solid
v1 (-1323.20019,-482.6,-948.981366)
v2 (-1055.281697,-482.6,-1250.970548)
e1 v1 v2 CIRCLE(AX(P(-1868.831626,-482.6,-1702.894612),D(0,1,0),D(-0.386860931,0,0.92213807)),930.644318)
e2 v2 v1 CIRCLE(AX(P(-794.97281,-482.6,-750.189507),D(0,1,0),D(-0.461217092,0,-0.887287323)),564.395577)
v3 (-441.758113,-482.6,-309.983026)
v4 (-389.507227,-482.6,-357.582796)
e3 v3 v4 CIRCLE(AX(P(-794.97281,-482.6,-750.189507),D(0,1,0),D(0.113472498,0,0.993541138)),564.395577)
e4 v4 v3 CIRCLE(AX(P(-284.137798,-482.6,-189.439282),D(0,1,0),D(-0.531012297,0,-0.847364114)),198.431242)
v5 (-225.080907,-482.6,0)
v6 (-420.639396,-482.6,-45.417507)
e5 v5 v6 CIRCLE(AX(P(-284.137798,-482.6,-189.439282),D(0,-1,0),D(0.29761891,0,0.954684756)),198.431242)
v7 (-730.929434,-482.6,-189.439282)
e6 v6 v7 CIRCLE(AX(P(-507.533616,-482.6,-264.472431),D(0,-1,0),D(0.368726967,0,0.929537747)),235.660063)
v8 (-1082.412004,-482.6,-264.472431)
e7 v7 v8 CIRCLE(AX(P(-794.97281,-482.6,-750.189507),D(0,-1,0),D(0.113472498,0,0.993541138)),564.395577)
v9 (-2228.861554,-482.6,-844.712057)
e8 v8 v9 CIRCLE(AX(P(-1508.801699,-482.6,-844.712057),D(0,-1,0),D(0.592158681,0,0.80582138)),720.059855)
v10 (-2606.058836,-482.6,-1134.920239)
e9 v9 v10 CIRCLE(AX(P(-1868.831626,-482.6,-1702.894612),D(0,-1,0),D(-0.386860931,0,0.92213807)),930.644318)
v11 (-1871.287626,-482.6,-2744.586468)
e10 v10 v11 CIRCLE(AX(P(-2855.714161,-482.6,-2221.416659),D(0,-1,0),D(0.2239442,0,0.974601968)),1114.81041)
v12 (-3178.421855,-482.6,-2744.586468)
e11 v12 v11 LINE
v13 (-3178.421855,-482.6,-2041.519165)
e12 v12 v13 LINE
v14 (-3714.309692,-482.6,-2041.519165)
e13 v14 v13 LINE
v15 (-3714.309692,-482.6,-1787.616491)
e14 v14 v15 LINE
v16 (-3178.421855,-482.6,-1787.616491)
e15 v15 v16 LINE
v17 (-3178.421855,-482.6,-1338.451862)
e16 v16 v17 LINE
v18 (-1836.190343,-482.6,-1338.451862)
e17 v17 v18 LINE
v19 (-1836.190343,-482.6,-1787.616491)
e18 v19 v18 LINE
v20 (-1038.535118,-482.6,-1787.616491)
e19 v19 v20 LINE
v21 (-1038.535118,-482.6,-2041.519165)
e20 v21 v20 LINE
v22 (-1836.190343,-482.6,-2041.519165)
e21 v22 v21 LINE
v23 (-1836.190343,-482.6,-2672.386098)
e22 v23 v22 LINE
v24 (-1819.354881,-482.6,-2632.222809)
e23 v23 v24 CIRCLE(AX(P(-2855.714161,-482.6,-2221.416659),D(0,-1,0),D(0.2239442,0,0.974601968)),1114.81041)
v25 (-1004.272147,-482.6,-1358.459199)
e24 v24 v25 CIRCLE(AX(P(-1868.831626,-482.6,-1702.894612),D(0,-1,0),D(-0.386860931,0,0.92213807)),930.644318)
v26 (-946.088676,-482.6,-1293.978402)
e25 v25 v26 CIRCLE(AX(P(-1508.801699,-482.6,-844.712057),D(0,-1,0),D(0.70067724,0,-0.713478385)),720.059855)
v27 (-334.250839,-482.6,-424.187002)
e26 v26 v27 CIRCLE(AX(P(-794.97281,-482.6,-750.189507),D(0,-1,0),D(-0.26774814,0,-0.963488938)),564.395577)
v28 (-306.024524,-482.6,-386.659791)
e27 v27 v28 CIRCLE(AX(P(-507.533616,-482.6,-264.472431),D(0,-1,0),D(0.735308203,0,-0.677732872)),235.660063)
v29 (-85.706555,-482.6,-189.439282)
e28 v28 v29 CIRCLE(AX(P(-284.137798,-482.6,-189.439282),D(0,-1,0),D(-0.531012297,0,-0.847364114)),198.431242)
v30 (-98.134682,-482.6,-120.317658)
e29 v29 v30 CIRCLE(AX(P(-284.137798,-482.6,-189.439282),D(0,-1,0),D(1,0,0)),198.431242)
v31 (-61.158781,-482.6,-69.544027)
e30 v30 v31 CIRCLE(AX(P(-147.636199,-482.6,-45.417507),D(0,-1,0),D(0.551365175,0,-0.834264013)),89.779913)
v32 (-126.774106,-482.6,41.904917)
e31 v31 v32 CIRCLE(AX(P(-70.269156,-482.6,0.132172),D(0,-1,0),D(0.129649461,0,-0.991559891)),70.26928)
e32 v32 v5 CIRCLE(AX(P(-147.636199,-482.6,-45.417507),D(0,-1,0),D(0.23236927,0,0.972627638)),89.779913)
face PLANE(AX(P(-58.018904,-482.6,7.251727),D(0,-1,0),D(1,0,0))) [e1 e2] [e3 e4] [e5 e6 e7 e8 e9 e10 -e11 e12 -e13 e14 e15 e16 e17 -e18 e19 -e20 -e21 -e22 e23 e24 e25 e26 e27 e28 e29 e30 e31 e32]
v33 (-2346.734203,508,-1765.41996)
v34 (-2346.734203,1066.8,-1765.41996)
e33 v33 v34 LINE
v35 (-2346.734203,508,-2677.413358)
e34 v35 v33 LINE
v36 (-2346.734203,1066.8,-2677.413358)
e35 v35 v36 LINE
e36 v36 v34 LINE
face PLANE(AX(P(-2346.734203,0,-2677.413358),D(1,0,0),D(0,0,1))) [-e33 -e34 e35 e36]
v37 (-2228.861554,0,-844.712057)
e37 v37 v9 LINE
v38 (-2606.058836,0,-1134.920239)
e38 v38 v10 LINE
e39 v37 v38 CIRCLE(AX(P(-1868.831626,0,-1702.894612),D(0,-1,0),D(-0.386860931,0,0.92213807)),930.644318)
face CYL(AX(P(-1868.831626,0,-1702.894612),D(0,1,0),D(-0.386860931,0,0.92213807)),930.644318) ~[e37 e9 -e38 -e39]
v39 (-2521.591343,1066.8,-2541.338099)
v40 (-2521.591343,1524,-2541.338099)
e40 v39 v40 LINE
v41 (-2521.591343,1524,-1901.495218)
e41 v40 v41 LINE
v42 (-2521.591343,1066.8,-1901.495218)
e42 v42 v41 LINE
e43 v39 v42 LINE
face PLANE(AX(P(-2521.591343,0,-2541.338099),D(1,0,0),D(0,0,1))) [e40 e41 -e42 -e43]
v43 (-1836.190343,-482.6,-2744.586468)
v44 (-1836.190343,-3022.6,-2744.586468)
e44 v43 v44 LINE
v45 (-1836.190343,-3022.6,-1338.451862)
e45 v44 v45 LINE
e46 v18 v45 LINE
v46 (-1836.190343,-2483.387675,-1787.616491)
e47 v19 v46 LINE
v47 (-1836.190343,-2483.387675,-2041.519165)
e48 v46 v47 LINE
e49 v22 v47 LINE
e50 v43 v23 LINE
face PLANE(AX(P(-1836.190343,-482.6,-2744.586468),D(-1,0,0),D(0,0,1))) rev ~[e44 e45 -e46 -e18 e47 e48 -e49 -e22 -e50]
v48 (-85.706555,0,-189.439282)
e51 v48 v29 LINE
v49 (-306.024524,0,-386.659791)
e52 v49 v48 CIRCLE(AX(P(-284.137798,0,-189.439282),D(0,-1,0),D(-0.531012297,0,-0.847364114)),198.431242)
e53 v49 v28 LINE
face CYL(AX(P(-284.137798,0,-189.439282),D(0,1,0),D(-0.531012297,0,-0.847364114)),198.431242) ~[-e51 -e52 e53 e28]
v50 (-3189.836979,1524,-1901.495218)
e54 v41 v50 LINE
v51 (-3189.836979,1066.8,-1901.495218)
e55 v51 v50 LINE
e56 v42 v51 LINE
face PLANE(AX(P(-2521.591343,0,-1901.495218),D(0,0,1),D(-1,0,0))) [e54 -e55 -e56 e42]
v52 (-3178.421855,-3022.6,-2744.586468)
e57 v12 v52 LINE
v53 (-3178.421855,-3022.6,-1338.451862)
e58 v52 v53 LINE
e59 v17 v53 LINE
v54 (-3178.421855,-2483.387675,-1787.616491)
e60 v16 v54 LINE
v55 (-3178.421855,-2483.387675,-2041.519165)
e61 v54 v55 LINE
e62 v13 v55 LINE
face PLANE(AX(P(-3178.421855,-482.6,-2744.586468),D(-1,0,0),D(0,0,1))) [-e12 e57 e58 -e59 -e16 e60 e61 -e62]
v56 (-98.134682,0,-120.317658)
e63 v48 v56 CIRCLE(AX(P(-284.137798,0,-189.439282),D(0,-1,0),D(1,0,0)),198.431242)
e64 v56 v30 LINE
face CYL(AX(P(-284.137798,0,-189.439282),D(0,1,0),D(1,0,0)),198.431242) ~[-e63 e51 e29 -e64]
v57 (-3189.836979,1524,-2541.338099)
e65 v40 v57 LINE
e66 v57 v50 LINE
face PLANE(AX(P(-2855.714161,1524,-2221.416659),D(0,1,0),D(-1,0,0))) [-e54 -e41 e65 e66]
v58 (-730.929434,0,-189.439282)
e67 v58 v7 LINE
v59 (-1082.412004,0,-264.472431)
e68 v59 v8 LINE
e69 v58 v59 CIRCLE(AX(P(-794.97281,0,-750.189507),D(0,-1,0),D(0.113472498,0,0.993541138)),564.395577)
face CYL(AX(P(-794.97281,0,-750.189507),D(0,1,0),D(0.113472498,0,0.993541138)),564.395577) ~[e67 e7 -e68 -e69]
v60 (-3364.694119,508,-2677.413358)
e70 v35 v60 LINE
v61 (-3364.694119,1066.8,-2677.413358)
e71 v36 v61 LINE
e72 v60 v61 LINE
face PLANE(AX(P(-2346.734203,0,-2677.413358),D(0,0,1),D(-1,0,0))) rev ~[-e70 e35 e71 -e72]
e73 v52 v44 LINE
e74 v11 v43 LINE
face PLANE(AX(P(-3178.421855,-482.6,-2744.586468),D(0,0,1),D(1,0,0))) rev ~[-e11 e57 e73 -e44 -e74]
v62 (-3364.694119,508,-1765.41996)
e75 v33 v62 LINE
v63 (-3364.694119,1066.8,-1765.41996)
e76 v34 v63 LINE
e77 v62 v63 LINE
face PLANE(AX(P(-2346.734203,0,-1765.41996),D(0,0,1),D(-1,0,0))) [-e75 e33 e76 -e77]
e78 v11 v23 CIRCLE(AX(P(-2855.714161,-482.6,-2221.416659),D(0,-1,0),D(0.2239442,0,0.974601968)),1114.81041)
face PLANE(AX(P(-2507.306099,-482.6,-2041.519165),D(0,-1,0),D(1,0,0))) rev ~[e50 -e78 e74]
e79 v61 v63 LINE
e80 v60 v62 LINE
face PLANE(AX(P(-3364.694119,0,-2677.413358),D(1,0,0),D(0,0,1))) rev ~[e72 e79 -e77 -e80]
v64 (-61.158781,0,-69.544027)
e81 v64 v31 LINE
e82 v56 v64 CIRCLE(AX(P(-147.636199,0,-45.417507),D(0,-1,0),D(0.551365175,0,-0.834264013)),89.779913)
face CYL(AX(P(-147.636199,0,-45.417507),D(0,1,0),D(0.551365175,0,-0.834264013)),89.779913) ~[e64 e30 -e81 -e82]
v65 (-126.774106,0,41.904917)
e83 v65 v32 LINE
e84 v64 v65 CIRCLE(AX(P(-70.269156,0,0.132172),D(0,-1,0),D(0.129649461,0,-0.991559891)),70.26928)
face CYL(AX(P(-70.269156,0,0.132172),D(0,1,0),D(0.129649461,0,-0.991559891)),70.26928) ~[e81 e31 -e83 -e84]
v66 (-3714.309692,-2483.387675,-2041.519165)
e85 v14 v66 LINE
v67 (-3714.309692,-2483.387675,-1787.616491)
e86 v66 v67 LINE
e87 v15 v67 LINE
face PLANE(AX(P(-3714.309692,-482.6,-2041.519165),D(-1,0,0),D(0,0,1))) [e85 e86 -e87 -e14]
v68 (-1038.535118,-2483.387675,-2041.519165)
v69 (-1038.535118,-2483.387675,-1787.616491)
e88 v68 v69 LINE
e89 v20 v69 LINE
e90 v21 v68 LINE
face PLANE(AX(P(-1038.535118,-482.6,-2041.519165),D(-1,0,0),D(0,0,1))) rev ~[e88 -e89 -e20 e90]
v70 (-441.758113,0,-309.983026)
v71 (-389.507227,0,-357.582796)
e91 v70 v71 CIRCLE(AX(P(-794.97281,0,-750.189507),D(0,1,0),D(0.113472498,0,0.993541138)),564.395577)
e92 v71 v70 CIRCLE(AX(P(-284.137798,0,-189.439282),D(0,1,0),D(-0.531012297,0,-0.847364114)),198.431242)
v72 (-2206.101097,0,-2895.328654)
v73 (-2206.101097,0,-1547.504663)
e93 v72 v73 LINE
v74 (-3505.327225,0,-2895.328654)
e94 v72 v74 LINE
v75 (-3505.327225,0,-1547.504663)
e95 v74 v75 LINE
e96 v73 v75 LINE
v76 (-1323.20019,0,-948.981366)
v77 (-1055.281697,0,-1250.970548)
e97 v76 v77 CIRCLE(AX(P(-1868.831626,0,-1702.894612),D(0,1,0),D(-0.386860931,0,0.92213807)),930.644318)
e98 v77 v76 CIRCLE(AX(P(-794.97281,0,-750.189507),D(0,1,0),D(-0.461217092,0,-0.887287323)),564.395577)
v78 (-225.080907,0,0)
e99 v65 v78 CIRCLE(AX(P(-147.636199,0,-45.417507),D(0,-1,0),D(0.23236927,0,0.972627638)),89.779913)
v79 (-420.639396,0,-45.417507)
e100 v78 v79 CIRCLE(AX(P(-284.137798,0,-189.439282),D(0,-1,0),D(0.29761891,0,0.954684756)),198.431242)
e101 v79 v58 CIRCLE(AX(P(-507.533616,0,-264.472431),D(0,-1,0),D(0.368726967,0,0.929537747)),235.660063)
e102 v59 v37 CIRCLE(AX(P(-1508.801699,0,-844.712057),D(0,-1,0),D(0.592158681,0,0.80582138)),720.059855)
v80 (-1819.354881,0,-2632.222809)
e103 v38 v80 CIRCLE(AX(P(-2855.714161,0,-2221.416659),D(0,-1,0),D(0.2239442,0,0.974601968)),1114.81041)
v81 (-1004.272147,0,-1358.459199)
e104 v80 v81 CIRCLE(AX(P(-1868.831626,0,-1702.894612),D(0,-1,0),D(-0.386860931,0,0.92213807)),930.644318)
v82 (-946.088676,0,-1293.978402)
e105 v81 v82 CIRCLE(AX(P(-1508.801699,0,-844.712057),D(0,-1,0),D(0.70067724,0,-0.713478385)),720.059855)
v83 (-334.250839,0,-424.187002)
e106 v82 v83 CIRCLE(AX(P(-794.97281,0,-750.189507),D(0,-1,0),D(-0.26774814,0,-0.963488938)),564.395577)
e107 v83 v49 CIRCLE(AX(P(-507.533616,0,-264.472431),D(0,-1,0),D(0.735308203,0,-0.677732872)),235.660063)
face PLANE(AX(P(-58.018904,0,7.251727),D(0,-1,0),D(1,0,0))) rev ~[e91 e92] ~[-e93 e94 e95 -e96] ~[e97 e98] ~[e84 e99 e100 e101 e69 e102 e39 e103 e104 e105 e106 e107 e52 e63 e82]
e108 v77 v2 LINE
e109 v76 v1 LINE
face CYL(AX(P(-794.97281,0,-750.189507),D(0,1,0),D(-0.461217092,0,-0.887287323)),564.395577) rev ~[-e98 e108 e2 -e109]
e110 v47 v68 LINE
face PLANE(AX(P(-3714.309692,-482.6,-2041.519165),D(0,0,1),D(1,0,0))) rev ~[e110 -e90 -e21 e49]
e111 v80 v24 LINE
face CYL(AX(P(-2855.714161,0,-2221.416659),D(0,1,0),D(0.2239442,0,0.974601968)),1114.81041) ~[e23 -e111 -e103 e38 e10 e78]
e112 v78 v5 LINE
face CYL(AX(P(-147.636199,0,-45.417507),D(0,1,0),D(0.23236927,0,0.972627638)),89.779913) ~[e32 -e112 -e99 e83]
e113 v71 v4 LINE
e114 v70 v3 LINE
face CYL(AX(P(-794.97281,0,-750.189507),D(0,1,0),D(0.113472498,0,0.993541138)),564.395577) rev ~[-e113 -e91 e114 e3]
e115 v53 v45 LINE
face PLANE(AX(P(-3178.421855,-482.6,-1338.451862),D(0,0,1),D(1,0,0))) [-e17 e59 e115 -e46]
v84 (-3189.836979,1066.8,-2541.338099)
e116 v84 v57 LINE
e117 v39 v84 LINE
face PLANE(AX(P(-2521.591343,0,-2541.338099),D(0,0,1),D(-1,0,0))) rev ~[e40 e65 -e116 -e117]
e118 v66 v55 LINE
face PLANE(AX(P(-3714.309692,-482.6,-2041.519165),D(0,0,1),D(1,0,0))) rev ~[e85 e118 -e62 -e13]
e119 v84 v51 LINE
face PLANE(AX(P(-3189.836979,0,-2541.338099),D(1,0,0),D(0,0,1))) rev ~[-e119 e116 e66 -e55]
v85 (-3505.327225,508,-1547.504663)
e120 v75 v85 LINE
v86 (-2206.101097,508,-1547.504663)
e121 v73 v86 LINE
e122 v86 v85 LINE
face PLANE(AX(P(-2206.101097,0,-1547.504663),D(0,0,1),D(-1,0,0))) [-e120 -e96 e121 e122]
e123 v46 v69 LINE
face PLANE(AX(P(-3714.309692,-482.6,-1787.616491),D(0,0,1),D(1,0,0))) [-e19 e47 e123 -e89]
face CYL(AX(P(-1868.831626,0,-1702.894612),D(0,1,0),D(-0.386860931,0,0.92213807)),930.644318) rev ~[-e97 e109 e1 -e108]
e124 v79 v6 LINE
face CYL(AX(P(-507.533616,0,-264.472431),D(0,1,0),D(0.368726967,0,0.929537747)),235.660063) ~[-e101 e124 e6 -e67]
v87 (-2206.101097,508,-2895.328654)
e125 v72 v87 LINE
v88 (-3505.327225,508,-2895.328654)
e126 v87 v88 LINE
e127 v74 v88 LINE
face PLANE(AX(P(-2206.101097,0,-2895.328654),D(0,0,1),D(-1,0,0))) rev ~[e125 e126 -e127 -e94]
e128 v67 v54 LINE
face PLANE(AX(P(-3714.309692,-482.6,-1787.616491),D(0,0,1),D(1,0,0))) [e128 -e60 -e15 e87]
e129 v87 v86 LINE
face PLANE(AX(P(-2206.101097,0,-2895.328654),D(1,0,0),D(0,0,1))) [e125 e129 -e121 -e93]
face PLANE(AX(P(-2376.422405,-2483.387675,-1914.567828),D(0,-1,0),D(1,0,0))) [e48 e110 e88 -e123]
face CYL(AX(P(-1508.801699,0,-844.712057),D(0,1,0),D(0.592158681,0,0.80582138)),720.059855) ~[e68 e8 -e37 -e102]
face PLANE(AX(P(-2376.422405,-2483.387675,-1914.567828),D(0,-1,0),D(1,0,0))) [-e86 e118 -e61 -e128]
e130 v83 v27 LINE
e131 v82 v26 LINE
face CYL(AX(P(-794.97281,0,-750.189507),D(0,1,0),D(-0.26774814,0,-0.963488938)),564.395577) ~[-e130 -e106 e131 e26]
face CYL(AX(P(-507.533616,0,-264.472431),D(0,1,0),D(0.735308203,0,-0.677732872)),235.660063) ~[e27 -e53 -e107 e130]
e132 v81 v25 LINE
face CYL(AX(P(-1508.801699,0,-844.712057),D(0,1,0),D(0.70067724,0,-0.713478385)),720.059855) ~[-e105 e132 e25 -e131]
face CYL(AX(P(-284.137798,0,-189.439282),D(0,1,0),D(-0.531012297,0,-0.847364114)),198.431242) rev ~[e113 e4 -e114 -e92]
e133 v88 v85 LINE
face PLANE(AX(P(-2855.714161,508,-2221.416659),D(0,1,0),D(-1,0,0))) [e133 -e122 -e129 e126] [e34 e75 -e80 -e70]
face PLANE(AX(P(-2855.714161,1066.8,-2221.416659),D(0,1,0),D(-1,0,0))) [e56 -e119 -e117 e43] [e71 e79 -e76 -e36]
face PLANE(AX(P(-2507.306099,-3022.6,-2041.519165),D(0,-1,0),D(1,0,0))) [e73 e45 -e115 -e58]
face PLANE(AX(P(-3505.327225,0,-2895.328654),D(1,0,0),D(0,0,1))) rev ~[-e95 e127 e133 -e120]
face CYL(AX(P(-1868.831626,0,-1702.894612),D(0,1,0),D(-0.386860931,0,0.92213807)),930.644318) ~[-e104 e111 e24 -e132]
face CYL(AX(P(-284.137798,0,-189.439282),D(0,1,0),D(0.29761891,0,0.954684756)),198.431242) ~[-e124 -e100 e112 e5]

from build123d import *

# Parameters (mm, degrees)
F1_DEPTH = 482.6
F2_W     = 2675.7745742798
F2_H     = 253.9026737213
F3_DEPTH = 2000.7876753807
F4_W     = 1342.2315120697
F4_H     = 1406.1346054077
F5_DEPTH = 2540
F6_W     = 668.2456359944
F6_H     = 639.8428811592
F7_DEPTH = 1524
F6_W_2   = 1017.9599151692
F6_H_2   = 911.9933976692
F8_DEPTH = 1066.8
F6_W_3   = 1299.2261276326
F6_H_3   = 1347.8239907784
F9_DEPTH = 508


with BuildPart() as f1:
    # F0 (on Front) → F1 (new body)
    with BuildSketch(Plane.XZ):
        with BuildLine():
            ThreePointArc((-61.1587813421, -69.5440271721), (-17.4584032056, -46.2229366547), (0.0001243043, 0.1321723343))
            ThreePointArc((0.0001243043, 0.1321723343), (-48.2781404958, 66.8717179709), (-126.774106444, 41.90491734))
            ThreePointArc((-126.774106444, 41.90491734), (-77.1612759043, 10.2036931422), (-57.8562863239, -45.4175073761))
            ThreePointArc((-57.8562863239, -45.4175073761), (-58.685741649, -57.5932561294), (-61.1587813421, -69.5440271721))
        make_face()
        with BuildLine():
            ThreePointArc((-57.8562863239, -45.4175073761), (-77.1612759043, 10.2036931422), (-126.774106444, 41.90491734))
            ThreePointArc((-126.774106444, 41.90491734), (-130.8230842898, -35.5188222566), (-61.1587813421, -69.5440271721))
            ThreePointArc((-61.1587813421, -69.5440271721), (-58.685741649, -57.5932561294), (-57.8562863239, -45.4175073761))
        make_face()
        with BuildLine():
            ThreePointArc((-61.1587813421, -69.5440271721), (-130.8230842898, -35.5188222566), (-126.774106444, 41.90491734))
            ThreePointArc((-126.774106444, 41.90491734), (-182.8413638357, 37.1720147729), (-225.0809073448, 0))
            ThreePointArc((-225.0809073448, 0), (-147.6361993192, -45.4175073761), (-98.1346819036, -120.3176579167))
            ThreePointArc((-98.1346819036, -120.3176579167), (-75.0616988912, -98.2698929899), (-61.1587813421, -69.5440271721))
        make_face()
        with BuildLine():
            ThreePointArc((-98.1346819036, -120.3176579167), (-147.6361993192, -45.4175073761), (-225.0809073448, 0))
            ThreePointArc((-225.0809073448, 0), (-209.3961392236, -110.579939808), (-98.1346819036, -120.3176579167))
        make_face()
        with BuildLine():
            ThreePointArc((-98.1346819036, -120.3176579167), (-209.3961392236, -110.579939808), (-225.0809073448, 0))
            ThreePointArc((-225.0809073448, 0), (-329.0277540141, 3.8476799093), (-420.6393957138, -45.4175073761))
            ThreePointArc((-420.6393957138, -45.4175073761), (-312.5808492835, -132.0749844538), (-271.8735533906, -264.472430997))
            ThreePointArc((-271.8735533906, -264.472430997), (-280.5718237444, -327.9075156396), (-306.0245242477, -386.659791407))
            ThreePointArc((-306.0245242477, -386.659791407), (-151.7898704307, -337.2871237022), (-85.7065550505, -189.4392823832))
            ThreePointArc((-85.7065550505, -189.4392823832), (-88.8383001794, -154.3242666991), (-98.1346819036, -120.3176579167))
        make_face()
        with BuildLine():
            ThreePointArc((-271.8735533906, -264.472430997), (-312.5808492835, -132.0749844538), (-420.6393957138, -45.4175073761))
            ThreePointArc((-420.6393957138, -45.4175073761), (-481.9398537173, -173.6499014788), (-441.7581132048, -309.9830257668))
            ThreePointArc((-441.7581132048, -309.9830257668), (-414.8867984677, -332.9641578699), (-389.5072272957, -357.5827962474))
            ThreePointArc((-389.5072272957, -357.5827962474), (-349.4057088844, -376.8294041407), (-306.0245242477, -386.659791407))
            ThreePointArc((-306.0245242477, -386.659791407), (-280.5718237444, -327.9075156396), (-271.8735533906, -264.472430997))
        make_face()
        with BuildLine():
            ThreePointArc((-441.7581132048, -309.9830257668), (-481.9398537173, -173.6499014788), (-420.6393957138, -45.4175073761))
            ThreePointArc((-420.6393957138, -45.4175073761), (-606.749237141, -50.7157338644), (-730.9294342995, -189.4392823832))
            ThreePointArc((-730.9294342995, -189.4392823832), (-577.8121015841, -229.2446010815), (-441.7581132048, -309.9830257668))
        make_face()
        with BuildLine():
            ThreePointArc((-389.5072272957, -357.5827962474), (-417.7691414921, -336.128143221), (-441.7581132048, -309.9830257668))
            ThreePointArc((-441.7581132048, -309.9830257668), (-577.8121015841, -229.2446010815), (-730.9294342995, -189.4392823832))
            ThreePointArc((-730.9294342995, -189.4392823832), (-627.5521653076, -467.2807465704), (-334.2508387668, -424.1870020667))
            ThreePointArc((-334.2508387668, -424.1870020667), (-360.6005621448, -389.8242501611), (-389.5072272957, -357.5827962474))
        make_face()
        with BuildLine():
            ThreePointArc((-334.2508387668, -424.1870020667), (-627.5521653076, -467.2807465704), (-730.9294342995, -189.4392823832))
            ThreePointArc((-730.9294342995, -189.4392823832), (-912.8028414481, -198.2307656722), (-1082.4120044708, -264.472430997))
            ThreePointArc((-1082.4120044708, -264.472430997), (-866.3406898067, -519.5504866661), (-788.7418438533, -844.7120566759))
            ThreePointArc((-788.7418438533, -844.7120566759), (-829.2160706316, -1082.7237553034), (-946.0886763518, -1293.9784019955))
            ThreePointArc((-946.0886763518, -1293.9784019955), (-453.466411047, -1199.5398678136), (-230.5772327293, -750.1895065126))
            ThreePointArc((-230.5772327293, -750.1895065126), (-257.1197582476, -579.1443008696), (-334.2508387668, -424.1870020667))
        make_face()
        with BuildLine():
            ThreePointArc((-334.2508387668, -424.1870020667), (-319.200641857, -406.1281966785), (-306.0245242477, -386.659791407))
            ThreePointArc((-306.0245242477, -386.659791407), (-349.4057088844, -376.8294041407), (-389.5072272957, -357.5827962474))
            ThreePointArc((-389.5072272957, -357.5827962474), (-360.6005621448, -389.8242501611), (-334.2508387668, -424.1870020667))
        make_face()
        with BuildLine():
            ThreePointArc((-788.7418438533, -844.7120566759), (-866.3406898067, -519.5504866661), (-1082.4120044708, -264.472430997))
            ThreePointArc((-1082.4120044708, -264.472430997), (-1327.3881653616, -562.902941502), (-1323.2001896928, -948.9813660026))
            ThreePointArc((-1323.2001896928, -948.9813660026), (-1172.6686692414, -1085.2733814959), (-1055.2816970826, -1250.9705477482))
            ThreePointArc((-1055.2816970826, -1250.9705477482), (-1001.8060781577, -1275.320316043), (-946.0886763518, -1293.9784019955))
            ThreePointArc((-946.0886763518, -1293.9784019955), (-829.2160706316, -1082.7237553034), (-788.7418438533, -844.7120566759))
        make_face()
        with BuildLine():
            ThreePointArc((-1323.2001896928, -948.9813660026), (-1327.3881653616, -562.902941502), (-1082.4120044708, -264.472430997))
            ThreePointArc((-1082.4120044708, -264.472430997), (-1833.9632686946, -202.251047798), (-2228.8615535161, -844.7120566759))
            ThreePointArc((-2228.8615535161, -844.712056676), (-1762.3891427966, -778.3575145006), (-1323.2001896928, -948.9813660026))
        make_face()
        with BuildLine():
            ThreePointArc((-1055.2816970826, -1250.9705477482), (-1217.1655710564, -1124.7501031162), (-1323.2001896928, -948.9813660026))
            ThreePointArc((-1323.2001896928, -948.9813660026), (-1762.3891427966, -778.3575145006), (-2228.8615535161, -844.712056676))
            ThreePointArc((-2228.8615535161, -844.7120566759), (-1787.3647245675, -1508.7066614363), (-1004.2721469756, -1358.4591987527))
            ThreePointArc((-1004.2721469756, -1358.4591987527), (-1028.0574299289, -1303.8988753044), (-1055.2816970826, -1250.9705477482))
        make_face()
        with BuildLine():
            ThreePointArc((-1004.2721469756, -1358.4591987527), (-1787.3647245675, -1508.7066614363), (-2228.8615535161, -844.7120566759))
            ThreePointArc((-2228.8615535161, -844.712056676), (-2436.3248011036, -965.2969281577), (-2606.0588359833, -1134.9202394486))
            ThreePointArc((-2606.0588359833, -1134.9202394485), (-1983.6130756489, -1526.9802343145), (-1740.9037507317, -2221.4166588566))
            ThreePointArc((-1740.9037507317, -2221.4166588566), (-1760.6921600502, -2430.5316231108), (-1819.3548808532, -2632.2228093496))
            ThreePointArc((-1819.3548808532, -2632.2228093496), (-1193.5005596414, -2343.227960667), (-938.1873080029, -1702.8946119474))
            ThreePointArc((-938.1873080029, -1702.8946119474), (-954.8578262265, -1527.5357229478), (-1004.2721469756, -1358.4591987527))
        make_face()
        with BuildLine():
            ThreePointArc((-1004.2721469756, -1358.4591987527), (-974.2073466293, -1327.0968338925), (-946.0886763518, -1293.9784019955))
            ThreePointArc((-946.0886763518, -1293.9784019955), (-1001.8060781577, -1275.320316043), (-1055.2816970826, -1250.9705477482))
            ThreePointArc((-1055.2816970826, -1250.9705477482), (-1028.0574299289, -1303.8988753044), (-1004.2721469756, -1358.4591987527))
        make_face()
        with BuildLine():
            ThreePointArc((-1740.9037507317, -2221.4166588566), (-1983.6130756489, -1526.9802343145), (-2606.0588359833, -1134.9202394485))
            ThreePointArc((-2606.0588359833, -1134.9202394486), (-2692.6816864025, -2135.757090048), (-1819.3548808532, -2632.2228093496))
            ThreePointArc((-1819.3548808532, -2632.2228093496), (-1760.6921600502, -2430.5316231108), (-1740.9037507317, -2221.4166588566))
        make_face()
        with BuildLine():
            ThreePointArc((-1819.3548808532, -2632.2228093496), (-2692.6816864025, -2135.757090048), (-2606.0588359833, -1134.9202394486))
            ThreePointArc((-2606.0588359833, -1134.9202394485), (-3842.5966957299, -2739.9387057658), (-1819.3548808532, -2632.2228093496))
        make_face()
    extrude(amount=F1_DEPTH)

    # F2 (on face) → F3 (join)
    with BuildSketch(Plane.XZ.offset(482.6)):
        with Locations((-2376.4224052429, -1914.5678281784)):
            Rectangle(F2_W, F2_H)
    extrude(amount=F3_DEPTH)

    # F4 (on face) → F5 (join)
    with BuildSketch(Plane.XZ.offset(482.6)):
        with Locations((-2507.306098938, -2041.5191650391)):
            Rectangle(F4_W, F4_H)
    extrude(amount=F5_DEPTH)

    # F6 (on face) → F7 (join)
    with BuildSketch(Plane(origin=(0, 0, 0), x_dir=(-1, 0, 0), z_dir=(0, 1, 0))):
        with Locations((2855.7141609151, -2221.4166588566)):
            Rectangle(F6_W, F6_H)
    extrude(amount=F7_DEPTH)

    # F6 (on face) → F8 (join)
    with BuildSketch(Plane(origin=(0, 0, 0), x_dir=(-1, 0, 0), z_dir=(0, 1, 0))):
        with Locations((2855.7141609151, -2221.4166588566)):
            Rectangle(F6_W_2, F6_H_2)
        with Locations((2855.7141609151, -2221.4166588566)):
            Rectangle(F6_W, F6_H, mode=Mode.SUBTRACT)
    extrude(amount=F8_DEPTH)

    # F6 (on face) → F9 (join)
    with BuildSketch(Plane(origin=(0, 0, 0), x_dir=(-1, 0, 0), z_dir=(0, 1, 0))):
        with Locations((2855.7141609151, -2221.4166588566)):
            Rectangle(F6_W_3, F6_H_3)
        with Locations((2855.7141609151, -2221.4166588566)):
            Rectangle(F6_W_2, F6_H_2, mode=Mode.SUBTRACT)
    extrude(amount=F9_DEPTH)


solid = f1.part
